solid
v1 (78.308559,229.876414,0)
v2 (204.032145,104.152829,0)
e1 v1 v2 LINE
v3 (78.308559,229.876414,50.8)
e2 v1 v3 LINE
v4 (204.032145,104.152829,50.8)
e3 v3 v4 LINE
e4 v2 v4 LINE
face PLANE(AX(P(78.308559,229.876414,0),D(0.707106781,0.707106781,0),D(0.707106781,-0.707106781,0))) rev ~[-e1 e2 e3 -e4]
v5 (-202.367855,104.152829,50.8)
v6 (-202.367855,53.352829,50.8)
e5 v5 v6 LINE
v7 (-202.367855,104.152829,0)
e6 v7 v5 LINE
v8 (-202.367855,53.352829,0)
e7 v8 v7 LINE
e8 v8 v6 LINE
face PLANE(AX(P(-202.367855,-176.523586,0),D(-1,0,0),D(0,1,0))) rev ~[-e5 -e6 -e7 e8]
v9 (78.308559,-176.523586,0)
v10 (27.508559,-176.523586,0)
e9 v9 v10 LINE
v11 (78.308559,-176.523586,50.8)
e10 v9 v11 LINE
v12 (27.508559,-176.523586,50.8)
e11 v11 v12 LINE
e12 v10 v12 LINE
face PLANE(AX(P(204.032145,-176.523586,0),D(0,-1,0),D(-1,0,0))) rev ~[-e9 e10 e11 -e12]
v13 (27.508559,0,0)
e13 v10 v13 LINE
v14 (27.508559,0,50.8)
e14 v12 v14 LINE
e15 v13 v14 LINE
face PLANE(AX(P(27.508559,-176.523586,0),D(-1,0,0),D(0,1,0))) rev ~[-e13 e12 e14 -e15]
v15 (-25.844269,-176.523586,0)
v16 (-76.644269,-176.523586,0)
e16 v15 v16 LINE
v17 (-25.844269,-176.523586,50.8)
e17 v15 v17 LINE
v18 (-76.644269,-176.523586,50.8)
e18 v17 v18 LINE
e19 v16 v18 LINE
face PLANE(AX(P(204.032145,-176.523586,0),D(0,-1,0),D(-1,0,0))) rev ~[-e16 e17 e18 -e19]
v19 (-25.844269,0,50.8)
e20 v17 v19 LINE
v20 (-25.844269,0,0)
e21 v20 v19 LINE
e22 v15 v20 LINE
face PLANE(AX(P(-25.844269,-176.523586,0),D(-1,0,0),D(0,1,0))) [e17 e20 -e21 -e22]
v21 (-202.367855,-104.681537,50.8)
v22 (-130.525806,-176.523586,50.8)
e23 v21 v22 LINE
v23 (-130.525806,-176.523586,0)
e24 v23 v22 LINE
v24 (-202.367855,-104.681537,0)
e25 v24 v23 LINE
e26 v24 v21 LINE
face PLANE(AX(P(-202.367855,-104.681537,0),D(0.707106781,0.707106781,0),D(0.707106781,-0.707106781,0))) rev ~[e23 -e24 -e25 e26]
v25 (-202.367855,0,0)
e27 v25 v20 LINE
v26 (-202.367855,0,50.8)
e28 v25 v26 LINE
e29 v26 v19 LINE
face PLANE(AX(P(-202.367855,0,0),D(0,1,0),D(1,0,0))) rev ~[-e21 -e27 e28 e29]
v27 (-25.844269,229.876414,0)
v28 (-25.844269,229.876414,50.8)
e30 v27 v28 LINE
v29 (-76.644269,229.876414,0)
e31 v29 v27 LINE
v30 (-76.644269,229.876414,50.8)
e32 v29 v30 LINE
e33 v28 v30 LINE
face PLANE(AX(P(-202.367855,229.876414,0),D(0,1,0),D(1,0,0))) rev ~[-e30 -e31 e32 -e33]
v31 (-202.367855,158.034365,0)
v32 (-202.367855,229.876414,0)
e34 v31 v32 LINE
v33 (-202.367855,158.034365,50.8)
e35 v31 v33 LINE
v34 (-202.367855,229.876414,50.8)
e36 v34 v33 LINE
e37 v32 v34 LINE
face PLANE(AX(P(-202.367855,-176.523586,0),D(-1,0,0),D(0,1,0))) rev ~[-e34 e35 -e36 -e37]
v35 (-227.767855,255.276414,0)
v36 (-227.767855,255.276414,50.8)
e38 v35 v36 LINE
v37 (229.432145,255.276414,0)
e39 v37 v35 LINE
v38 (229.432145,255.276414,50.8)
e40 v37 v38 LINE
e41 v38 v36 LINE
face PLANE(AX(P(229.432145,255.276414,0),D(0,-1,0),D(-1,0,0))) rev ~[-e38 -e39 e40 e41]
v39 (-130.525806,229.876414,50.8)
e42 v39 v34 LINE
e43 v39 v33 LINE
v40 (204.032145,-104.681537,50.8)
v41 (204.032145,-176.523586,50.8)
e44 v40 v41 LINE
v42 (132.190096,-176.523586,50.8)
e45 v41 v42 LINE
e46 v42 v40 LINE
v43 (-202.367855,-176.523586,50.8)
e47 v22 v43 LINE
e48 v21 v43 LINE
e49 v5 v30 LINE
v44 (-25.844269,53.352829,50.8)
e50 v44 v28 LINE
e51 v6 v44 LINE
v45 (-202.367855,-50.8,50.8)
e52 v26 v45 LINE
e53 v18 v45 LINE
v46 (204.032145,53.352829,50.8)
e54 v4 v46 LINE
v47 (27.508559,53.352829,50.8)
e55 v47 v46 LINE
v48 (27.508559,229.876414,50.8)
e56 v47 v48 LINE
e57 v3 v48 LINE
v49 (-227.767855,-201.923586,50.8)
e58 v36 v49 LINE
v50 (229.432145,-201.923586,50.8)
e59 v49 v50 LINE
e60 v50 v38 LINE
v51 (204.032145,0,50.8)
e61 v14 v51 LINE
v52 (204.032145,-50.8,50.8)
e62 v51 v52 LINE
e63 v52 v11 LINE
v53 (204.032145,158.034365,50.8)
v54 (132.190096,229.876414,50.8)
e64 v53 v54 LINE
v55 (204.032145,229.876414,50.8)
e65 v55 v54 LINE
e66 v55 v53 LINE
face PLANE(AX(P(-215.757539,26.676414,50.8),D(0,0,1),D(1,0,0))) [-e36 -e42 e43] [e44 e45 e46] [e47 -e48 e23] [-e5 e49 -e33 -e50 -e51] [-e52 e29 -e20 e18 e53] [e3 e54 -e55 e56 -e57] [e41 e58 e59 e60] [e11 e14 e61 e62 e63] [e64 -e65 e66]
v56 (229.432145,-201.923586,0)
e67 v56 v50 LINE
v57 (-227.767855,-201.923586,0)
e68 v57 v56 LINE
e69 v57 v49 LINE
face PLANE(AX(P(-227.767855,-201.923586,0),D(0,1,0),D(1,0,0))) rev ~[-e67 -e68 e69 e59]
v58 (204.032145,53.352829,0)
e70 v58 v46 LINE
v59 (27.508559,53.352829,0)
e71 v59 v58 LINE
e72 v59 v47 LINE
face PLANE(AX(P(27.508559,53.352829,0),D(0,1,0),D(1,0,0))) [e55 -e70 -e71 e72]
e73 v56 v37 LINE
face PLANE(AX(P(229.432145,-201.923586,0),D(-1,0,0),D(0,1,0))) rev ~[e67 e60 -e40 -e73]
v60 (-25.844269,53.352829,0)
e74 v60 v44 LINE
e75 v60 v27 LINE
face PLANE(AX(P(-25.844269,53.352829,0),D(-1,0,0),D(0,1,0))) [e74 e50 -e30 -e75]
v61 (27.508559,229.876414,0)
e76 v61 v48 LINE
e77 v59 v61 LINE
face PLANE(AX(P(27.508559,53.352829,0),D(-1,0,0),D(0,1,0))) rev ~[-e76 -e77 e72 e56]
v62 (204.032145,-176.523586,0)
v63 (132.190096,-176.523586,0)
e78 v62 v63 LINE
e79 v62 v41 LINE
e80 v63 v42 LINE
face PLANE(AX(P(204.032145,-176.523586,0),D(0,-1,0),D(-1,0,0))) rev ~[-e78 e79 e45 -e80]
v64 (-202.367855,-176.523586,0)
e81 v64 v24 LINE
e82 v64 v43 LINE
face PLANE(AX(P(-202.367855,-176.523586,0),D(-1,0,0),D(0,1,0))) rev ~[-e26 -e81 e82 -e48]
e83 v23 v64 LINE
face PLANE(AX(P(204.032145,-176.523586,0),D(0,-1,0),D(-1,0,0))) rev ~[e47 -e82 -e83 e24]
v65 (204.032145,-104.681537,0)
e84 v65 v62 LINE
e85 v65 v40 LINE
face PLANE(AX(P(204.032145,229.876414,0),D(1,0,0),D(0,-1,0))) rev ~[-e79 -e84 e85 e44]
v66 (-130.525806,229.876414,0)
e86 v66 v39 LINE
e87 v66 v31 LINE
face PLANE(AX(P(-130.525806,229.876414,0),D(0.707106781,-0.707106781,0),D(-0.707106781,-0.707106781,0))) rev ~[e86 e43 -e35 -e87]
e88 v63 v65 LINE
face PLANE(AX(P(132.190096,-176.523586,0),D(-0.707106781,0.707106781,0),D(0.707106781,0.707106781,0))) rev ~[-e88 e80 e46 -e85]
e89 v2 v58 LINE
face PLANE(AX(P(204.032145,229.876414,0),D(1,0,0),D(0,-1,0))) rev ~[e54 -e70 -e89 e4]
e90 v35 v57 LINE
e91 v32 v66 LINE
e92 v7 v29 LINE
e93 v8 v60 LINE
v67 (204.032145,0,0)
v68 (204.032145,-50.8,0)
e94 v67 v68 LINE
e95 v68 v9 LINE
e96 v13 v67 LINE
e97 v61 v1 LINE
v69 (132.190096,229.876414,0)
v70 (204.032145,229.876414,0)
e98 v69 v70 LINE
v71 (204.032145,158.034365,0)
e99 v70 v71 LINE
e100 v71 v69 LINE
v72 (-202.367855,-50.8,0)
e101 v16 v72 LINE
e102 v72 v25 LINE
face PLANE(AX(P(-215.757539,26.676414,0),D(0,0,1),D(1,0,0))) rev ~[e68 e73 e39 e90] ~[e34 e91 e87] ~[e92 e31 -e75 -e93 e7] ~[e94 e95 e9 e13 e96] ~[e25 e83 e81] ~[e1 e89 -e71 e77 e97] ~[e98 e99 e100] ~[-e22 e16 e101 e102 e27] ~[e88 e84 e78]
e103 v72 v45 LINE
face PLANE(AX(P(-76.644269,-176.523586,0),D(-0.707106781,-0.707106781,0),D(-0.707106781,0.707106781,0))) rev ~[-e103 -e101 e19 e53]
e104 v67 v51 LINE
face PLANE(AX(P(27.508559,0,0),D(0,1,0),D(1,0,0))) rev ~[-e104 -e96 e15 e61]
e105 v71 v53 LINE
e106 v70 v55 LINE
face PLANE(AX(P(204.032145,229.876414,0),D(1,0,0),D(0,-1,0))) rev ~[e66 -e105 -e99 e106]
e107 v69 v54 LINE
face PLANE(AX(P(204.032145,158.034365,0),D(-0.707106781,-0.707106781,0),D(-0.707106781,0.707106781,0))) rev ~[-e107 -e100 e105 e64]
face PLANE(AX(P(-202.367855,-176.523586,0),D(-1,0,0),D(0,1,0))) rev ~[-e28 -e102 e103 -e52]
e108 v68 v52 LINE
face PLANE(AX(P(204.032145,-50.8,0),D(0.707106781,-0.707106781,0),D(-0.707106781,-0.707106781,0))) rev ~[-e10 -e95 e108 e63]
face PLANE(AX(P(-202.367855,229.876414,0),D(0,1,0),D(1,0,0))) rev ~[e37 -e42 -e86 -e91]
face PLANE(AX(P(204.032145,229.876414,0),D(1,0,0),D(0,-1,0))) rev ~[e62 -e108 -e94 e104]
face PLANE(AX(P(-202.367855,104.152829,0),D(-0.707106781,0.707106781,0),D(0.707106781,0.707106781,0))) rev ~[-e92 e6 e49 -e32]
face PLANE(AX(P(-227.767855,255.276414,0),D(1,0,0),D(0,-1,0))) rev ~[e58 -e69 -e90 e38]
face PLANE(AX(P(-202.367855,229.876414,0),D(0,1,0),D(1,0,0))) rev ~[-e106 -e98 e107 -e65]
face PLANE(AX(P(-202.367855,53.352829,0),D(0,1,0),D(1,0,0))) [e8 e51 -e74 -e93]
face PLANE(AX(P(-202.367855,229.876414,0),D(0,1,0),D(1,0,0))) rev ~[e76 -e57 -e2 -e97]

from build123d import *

# Parameters (mm, degrees)
F1_DEPTH = 50.8
F2_DEPTH = 50.8
F3_DEPTH = 50.8
F0_W     = 53.3528286101
F0_H     = 176.523585695
F0_W_2   = 176.523585695
F0_H_2   = 53.3528286101
F4_DEPTH = 50.8


with BuildPart() as f1:
    # F0 (on Top) → F1 (new body)
    with BuildSketch(Plane.XY):
        Polygon((-202.3678548309, 229.876414305), (-227.7678548309, 255.276414305), (-227.7678548309, -201.923585695), (-202.3678548309, -176.523585695), (-202.3678548309, -104.6815367264), (-202.3678548309, -50.8), (-202.3678548309, 0), (-202.3678548309, 53.3528286101), (-202.3678548309, 104.1528286101), (-202.3678548309, 158.0343653365), align=None)
        Polygon((-202.3678548309, -176.523585695), (-227.7678548309, -201.923585695), (229.4321451691, -201.923585695), (204.0321451691, -176.523585695), (132.1900962006, -176.523585695), (78.3085594741, -176.523585695), (27.5085594741, -176.523585695), (-25.8442691359, -176.523585695), (-76.6442691359, -176.523585695), (-130.5258058623, -176.523585695), align=None)
        Polygon((229.4321451691, -201.923585695), (229.4321451691, 255.276414305), (204.0321451691, 229.876414305), (204.0321451691, 158.0343653365), (204.0321451691, 104.1528286101), (204.0321451691, 53.3528286101), (204.0321451691, 0), (204.0321451691, -50.8), (204.0321451691, -104.6815367264), (204.0321451691, -176.523585695), align=None)
        Polygon((229.4321451691, 255.276414305), (-227.7678548309, 255.276414305), (-202.3678548309, 229.876414305), (-130.5258058623, 229.876414305), (-76.6442691359, 229.876414305), (-25.8442691359, 229.876414305), (27.5085594741, 229.876414305), (78.3085594741, 229.876414305), (132.1900962006, 229.876414305), (204.0321451691, 229.876414305), align=None)
    extrude(amount=F1_DEPTH)

    # F0 (on Top) → F2 (cut)
    with BuildSketch(Plane.XY):
        Polygon((-76.6442691359, 229.876414305), (-130.5258058623, 229.876414305), (-202.3678548309, 158.0343653365), (-202.3678548309, 104.1528286101), align=None)
    extrude(amount=F2_DEPTH, mode=Mode.SUBTRACT)

    # F0 (on Top) → F3 (join)
    with BuildSketch(Plane.XY):
        Polygon((132.1900962006, -176.523585695), (204.0321451691, -104.6815367264), (204.0321451691, -50.8), (78.3085594741, -176.523585695), align=None)
        Polygon((204.0321451691, 158.0343653365), (132.1900962006, 229.876414305), (78.3085594741, 229.876414305), (204.0321451691, 104.1528286101), align=None)
        Polygon((-76.6442691359, 229.876414305), (-130.5258058623, 229.876414305), (-202.3678548309, 158.0343653365), (-202.3678548309, 104.1528286101), align=None)
        Polygon((-202.3678548309, -104.6815367264), (-130.5258058623, -176.523585695), (-76.6442691359, -176.523585695), (-202.3678548309, -50.8), align=None)
    extrude(amount=F3_DEPTH)

    # F0 (on Top) → F4 (join)
    with BuildSketch(Plane.XY):
        with Locations((0.8321451691, -88.2617928475)):
            Rectangle(F0_W, F0_H)
        with Locations((115.7703523216, 26.676414305)):
            Rectangle(F0_W_2, F0_H_2)
        with Locations((0.8321451691, 141.6146214575)):
            Rectangle(F0_W, F0_H)
        with Locations((-114.1060619834, 26.676414305)):
            Rectangle(F0_W_2, F0_H_2)
        with Locations((0.8321451691, 26.676414305)):
            Rectangle(F0_W, F0_H_2)
    extrude(amount=F4_DEPTH)


solid = f1.part
